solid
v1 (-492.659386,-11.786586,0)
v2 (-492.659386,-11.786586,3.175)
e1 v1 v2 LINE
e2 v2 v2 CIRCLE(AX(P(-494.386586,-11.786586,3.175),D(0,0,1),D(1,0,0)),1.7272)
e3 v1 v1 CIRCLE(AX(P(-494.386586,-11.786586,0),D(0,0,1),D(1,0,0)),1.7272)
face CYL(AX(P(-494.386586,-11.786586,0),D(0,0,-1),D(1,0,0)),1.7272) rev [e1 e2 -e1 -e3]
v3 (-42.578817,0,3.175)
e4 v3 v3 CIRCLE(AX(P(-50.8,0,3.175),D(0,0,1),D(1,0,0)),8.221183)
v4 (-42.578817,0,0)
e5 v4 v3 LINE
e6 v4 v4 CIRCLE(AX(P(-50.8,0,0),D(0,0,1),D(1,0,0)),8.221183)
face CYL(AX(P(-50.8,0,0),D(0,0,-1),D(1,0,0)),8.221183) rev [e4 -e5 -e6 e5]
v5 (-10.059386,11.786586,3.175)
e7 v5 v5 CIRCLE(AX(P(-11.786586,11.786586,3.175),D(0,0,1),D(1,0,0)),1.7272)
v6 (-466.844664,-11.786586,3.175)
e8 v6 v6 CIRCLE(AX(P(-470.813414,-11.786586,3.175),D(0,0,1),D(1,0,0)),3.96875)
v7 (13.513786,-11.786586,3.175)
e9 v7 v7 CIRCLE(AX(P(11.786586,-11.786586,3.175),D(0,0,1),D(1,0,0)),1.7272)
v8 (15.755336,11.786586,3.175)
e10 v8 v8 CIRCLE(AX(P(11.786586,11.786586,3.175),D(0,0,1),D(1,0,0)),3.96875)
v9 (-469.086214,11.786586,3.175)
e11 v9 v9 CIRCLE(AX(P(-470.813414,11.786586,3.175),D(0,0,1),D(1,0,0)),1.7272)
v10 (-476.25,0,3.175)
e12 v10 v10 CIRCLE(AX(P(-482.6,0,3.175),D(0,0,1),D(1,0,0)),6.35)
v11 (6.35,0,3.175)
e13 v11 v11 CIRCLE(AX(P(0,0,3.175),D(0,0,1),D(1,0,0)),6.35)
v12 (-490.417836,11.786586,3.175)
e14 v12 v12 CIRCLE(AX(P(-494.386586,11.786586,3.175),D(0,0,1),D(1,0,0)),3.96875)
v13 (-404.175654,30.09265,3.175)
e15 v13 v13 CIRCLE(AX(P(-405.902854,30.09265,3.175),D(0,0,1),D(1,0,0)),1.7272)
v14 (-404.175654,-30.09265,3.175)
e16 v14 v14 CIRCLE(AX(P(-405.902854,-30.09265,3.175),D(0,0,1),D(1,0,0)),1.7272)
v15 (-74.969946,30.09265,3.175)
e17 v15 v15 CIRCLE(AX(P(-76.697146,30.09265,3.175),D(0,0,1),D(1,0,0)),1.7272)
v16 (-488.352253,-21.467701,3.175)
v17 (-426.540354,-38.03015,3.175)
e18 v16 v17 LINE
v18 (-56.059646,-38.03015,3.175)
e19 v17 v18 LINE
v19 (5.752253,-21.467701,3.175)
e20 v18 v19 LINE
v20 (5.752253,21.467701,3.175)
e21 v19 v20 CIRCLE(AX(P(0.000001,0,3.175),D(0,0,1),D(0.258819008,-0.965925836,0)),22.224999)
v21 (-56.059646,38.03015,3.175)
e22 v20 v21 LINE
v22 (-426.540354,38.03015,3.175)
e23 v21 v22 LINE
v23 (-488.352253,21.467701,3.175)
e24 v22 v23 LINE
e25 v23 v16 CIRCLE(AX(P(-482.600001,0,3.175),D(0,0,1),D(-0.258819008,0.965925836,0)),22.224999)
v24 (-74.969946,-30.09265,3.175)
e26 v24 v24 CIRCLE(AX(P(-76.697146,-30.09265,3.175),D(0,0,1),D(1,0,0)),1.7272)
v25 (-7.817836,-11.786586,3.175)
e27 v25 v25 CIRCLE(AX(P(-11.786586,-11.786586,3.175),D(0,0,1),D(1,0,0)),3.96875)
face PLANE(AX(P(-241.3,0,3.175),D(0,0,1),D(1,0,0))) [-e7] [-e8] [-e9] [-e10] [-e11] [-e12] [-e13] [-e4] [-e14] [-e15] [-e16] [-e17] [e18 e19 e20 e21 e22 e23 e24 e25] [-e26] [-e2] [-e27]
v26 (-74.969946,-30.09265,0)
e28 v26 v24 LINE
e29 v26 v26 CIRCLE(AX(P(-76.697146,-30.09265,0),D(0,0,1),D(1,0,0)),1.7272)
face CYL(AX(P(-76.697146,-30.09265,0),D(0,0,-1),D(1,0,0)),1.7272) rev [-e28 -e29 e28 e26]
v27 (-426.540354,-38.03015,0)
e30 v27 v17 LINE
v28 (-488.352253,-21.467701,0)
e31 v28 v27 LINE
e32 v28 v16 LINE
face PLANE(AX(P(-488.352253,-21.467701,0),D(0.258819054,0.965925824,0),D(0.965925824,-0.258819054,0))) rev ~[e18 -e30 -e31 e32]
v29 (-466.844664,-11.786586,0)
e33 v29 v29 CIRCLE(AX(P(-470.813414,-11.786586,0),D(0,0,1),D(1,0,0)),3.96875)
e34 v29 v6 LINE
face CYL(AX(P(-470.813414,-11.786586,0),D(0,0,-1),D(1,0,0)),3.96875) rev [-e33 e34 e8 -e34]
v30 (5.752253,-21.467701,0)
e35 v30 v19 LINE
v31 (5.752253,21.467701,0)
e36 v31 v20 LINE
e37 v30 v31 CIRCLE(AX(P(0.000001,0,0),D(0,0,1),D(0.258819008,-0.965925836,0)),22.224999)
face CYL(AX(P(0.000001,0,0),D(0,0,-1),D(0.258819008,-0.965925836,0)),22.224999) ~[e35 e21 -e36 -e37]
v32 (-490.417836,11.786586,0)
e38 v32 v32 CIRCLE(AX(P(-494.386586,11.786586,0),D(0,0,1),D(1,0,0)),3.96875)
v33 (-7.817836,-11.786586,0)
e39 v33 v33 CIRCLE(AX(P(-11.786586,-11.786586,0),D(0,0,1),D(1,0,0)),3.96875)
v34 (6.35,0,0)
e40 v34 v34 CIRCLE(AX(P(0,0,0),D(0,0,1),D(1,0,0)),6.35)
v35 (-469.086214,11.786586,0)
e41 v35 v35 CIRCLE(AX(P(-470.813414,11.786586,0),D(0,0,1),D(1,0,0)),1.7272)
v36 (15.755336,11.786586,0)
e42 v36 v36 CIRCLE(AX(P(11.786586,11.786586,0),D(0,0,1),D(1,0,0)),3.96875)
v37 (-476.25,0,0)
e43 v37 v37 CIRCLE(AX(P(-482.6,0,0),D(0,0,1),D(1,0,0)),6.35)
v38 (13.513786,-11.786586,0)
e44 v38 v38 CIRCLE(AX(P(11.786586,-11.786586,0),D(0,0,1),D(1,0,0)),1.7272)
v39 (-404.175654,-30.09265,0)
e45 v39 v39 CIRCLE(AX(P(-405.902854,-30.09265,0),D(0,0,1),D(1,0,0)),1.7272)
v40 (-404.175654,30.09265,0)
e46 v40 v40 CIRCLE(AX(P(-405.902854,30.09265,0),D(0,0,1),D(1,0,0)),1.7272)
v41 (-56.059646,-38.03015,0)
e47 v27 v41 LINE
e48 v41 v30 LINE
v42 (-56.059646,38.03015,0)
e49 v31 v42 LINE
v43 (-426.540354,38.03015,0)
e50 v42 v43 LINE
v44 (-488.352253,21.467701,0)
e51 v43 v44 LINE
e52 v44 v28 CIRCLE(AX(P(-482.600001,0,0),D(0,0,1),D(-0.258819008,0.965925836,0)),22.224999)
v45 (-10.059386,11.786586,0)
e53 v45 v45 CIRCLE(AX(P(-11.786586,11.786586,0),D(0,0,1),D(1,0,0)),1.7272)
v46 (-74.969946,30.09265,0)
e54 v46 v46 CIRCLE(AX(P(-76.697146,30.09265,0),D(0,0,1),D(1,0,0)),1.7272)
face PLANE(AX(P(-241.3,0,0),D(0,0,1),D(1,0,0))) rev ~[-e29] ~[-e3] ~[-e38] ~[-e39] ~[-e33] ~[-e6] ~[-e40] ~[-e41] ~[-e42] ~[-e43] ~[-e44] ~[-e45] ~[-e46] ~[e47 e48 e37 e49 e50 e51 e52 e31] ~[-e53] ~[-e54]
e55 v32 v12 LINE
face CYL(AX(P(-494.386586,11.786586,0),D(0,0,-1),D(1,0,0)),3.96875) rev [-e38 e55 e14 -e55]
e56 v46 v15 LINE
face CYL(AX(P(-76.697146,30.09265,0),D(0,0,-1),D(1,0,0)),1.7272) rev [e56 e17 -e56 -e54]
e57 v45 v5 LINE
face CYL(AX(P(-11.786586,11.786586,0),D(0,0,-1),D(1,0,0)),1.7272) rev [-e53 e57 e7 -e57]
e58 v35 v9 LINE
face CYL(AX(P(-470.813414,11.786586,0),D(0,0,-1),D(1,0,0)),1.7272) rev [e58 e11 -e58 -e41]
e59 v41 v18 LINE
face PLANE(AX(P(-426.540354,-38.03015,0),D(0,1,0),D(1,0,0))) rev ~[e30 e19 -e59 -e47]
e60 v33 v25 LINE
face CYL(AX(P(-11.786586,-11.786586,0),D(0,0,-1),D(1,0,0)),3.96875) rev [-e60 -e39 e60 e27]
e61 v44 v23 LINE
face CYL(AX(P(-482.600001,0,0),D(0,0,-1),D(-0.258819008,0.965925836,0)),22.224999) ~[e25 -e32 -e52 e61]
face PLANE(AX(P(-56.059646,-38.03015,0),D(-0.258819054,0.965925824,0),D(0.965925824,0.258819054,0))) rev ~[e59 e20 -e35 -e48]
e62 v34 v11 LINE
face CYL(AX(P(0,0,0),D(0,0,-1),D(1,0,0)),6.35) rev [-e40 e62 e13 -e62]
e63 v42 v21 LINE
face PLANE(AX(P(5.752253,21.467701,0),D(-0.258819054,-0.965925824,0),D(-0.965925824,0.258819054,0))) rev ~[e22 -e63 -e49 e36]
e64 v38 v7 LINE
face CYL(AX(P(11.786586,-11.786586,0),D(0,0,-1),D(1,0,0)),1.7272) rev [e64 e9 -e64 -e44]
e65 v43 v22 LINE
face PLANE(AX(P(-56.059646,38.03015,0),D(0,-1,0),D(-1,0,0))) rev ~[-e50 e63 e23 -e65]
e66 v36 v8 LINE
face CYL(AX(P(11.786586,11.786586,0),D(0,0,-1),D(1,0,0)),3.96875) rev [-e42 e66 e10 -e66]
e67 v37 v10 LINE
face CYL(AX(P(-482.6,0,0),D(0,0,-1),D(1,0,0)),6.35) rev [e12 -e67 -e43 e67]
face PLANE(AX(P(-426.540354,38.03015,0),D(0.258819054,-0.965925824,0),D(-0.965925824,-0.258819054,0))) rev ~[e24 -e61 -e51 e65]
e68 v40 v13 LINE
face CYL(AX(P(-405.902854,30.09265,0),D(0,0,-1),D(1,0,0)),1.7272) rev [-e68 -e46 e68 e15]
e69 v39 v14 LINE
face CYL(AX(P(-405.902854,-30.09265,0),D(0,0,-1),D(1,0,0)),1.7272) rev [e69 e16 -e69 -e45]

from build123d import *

# Parameters (mm, degrees)
F0_R     = 1.7272
F0_R_2   = 3.96875
F0_R_3   = 6.35
F0_R_4   = 8.221183
F1_DEPTH = 3.175


with BuildPart() as f1:
    # F0 (on Top) → F1 (new body)
    with BuildSketch(Plane.XY):
        with BuildLine():
            Line((-426.540354, 38.03015), (-488.352253, 21.467701))
            ThreePointArc((-488.352253, 21.467701), (-504.825, 0), (-488.352253, -21.467701))
            Line((-488.352253, -21.467701), (-426.540354, -38.03015))
            Line((-426.540354, -38.03015), (-420.190354, -38.03015))
            Line((-420.190354, -38.03015), (-62.409646, -38.03015))
            Line((-62.409646, -38.03015), (-56.059646, -38.03015))
            Line((-56.059646, -38.03015), (5.752253, -21.467701))
            ThreePointArc((5.752253, -21.467701), (22.225, 0), (5.752253, 21.467701))
            Line((5.752253, 21.467701), (-56.059646, 38.03015))
            Line((-56.059646, 38.03015), (-62.409646, 38.03015))
            Line((-62.409646, 38.03015), (-420.190354, 38.03015))
            Line((-420.190354, 38.03015), (-426.540354, 38.03015))
        make_face()
        with Locations((-405.902854, -30.09265)):
            Circle(F0_R, mode=Mode.SUBTRACT)
        with Locations((-494.386586, -11.786586)):
            Circle(F0_R, mode=Mode.SUBTRACT)
        with Locations((-470.813414, -11.786586)):
            Circle(F0_R_2, mode=Mode.SUBTRACT)
        with Locations((-76.697146, -30.09265)):
            Circle(F0_R, mode=Mode.SUBTRACT)
        with Locations((-11.786586, -11.786586)):
            Circle(F0_R_2, mode=Mode.SUBTRACT)
        with Locations((11.786586, -11.786586)):
            Circle(F0_R, mode=Mode.SUBTRACT)
        with Locations((-482.6, 0)):
            Circle(F0_R_3, mode=Mode.SUBTRACT)
        with Locations((-494.386586, 11.786586)):
            Circle(F0_R_2, mode=Mode.SUBTRACT)
        with Locations((-470.813414, 11.786586)):
            Circle(F0_R, mode=Mode.SUBTRACT)
        with Locations((-405.902854, 30.09265)):
            Circle(F0_R, mode=Mode.SUBTRACT)
        with Locations((-50.8, 0)):
            Circle(F0_R_4, mode=Mode.SUBTRACT)
        Circle(F0_R_3, mode=Mode.SUBTRACT)
        with Locations((-11.786586, 11.786586)):
            Circle(F0_R, mode=Mode.SUBTRACT)
        with Locations((11.786586, 11.786586)):
            Circle(F0_R_2, mode=Mode.SUBTRACT)
        with Locations((-76.697146, 30.09265)):
            Circle(F0_R, mode=Mode.SUBTRACT)
    extrude(amount=F1_DEPTH)


solid = f1.part
